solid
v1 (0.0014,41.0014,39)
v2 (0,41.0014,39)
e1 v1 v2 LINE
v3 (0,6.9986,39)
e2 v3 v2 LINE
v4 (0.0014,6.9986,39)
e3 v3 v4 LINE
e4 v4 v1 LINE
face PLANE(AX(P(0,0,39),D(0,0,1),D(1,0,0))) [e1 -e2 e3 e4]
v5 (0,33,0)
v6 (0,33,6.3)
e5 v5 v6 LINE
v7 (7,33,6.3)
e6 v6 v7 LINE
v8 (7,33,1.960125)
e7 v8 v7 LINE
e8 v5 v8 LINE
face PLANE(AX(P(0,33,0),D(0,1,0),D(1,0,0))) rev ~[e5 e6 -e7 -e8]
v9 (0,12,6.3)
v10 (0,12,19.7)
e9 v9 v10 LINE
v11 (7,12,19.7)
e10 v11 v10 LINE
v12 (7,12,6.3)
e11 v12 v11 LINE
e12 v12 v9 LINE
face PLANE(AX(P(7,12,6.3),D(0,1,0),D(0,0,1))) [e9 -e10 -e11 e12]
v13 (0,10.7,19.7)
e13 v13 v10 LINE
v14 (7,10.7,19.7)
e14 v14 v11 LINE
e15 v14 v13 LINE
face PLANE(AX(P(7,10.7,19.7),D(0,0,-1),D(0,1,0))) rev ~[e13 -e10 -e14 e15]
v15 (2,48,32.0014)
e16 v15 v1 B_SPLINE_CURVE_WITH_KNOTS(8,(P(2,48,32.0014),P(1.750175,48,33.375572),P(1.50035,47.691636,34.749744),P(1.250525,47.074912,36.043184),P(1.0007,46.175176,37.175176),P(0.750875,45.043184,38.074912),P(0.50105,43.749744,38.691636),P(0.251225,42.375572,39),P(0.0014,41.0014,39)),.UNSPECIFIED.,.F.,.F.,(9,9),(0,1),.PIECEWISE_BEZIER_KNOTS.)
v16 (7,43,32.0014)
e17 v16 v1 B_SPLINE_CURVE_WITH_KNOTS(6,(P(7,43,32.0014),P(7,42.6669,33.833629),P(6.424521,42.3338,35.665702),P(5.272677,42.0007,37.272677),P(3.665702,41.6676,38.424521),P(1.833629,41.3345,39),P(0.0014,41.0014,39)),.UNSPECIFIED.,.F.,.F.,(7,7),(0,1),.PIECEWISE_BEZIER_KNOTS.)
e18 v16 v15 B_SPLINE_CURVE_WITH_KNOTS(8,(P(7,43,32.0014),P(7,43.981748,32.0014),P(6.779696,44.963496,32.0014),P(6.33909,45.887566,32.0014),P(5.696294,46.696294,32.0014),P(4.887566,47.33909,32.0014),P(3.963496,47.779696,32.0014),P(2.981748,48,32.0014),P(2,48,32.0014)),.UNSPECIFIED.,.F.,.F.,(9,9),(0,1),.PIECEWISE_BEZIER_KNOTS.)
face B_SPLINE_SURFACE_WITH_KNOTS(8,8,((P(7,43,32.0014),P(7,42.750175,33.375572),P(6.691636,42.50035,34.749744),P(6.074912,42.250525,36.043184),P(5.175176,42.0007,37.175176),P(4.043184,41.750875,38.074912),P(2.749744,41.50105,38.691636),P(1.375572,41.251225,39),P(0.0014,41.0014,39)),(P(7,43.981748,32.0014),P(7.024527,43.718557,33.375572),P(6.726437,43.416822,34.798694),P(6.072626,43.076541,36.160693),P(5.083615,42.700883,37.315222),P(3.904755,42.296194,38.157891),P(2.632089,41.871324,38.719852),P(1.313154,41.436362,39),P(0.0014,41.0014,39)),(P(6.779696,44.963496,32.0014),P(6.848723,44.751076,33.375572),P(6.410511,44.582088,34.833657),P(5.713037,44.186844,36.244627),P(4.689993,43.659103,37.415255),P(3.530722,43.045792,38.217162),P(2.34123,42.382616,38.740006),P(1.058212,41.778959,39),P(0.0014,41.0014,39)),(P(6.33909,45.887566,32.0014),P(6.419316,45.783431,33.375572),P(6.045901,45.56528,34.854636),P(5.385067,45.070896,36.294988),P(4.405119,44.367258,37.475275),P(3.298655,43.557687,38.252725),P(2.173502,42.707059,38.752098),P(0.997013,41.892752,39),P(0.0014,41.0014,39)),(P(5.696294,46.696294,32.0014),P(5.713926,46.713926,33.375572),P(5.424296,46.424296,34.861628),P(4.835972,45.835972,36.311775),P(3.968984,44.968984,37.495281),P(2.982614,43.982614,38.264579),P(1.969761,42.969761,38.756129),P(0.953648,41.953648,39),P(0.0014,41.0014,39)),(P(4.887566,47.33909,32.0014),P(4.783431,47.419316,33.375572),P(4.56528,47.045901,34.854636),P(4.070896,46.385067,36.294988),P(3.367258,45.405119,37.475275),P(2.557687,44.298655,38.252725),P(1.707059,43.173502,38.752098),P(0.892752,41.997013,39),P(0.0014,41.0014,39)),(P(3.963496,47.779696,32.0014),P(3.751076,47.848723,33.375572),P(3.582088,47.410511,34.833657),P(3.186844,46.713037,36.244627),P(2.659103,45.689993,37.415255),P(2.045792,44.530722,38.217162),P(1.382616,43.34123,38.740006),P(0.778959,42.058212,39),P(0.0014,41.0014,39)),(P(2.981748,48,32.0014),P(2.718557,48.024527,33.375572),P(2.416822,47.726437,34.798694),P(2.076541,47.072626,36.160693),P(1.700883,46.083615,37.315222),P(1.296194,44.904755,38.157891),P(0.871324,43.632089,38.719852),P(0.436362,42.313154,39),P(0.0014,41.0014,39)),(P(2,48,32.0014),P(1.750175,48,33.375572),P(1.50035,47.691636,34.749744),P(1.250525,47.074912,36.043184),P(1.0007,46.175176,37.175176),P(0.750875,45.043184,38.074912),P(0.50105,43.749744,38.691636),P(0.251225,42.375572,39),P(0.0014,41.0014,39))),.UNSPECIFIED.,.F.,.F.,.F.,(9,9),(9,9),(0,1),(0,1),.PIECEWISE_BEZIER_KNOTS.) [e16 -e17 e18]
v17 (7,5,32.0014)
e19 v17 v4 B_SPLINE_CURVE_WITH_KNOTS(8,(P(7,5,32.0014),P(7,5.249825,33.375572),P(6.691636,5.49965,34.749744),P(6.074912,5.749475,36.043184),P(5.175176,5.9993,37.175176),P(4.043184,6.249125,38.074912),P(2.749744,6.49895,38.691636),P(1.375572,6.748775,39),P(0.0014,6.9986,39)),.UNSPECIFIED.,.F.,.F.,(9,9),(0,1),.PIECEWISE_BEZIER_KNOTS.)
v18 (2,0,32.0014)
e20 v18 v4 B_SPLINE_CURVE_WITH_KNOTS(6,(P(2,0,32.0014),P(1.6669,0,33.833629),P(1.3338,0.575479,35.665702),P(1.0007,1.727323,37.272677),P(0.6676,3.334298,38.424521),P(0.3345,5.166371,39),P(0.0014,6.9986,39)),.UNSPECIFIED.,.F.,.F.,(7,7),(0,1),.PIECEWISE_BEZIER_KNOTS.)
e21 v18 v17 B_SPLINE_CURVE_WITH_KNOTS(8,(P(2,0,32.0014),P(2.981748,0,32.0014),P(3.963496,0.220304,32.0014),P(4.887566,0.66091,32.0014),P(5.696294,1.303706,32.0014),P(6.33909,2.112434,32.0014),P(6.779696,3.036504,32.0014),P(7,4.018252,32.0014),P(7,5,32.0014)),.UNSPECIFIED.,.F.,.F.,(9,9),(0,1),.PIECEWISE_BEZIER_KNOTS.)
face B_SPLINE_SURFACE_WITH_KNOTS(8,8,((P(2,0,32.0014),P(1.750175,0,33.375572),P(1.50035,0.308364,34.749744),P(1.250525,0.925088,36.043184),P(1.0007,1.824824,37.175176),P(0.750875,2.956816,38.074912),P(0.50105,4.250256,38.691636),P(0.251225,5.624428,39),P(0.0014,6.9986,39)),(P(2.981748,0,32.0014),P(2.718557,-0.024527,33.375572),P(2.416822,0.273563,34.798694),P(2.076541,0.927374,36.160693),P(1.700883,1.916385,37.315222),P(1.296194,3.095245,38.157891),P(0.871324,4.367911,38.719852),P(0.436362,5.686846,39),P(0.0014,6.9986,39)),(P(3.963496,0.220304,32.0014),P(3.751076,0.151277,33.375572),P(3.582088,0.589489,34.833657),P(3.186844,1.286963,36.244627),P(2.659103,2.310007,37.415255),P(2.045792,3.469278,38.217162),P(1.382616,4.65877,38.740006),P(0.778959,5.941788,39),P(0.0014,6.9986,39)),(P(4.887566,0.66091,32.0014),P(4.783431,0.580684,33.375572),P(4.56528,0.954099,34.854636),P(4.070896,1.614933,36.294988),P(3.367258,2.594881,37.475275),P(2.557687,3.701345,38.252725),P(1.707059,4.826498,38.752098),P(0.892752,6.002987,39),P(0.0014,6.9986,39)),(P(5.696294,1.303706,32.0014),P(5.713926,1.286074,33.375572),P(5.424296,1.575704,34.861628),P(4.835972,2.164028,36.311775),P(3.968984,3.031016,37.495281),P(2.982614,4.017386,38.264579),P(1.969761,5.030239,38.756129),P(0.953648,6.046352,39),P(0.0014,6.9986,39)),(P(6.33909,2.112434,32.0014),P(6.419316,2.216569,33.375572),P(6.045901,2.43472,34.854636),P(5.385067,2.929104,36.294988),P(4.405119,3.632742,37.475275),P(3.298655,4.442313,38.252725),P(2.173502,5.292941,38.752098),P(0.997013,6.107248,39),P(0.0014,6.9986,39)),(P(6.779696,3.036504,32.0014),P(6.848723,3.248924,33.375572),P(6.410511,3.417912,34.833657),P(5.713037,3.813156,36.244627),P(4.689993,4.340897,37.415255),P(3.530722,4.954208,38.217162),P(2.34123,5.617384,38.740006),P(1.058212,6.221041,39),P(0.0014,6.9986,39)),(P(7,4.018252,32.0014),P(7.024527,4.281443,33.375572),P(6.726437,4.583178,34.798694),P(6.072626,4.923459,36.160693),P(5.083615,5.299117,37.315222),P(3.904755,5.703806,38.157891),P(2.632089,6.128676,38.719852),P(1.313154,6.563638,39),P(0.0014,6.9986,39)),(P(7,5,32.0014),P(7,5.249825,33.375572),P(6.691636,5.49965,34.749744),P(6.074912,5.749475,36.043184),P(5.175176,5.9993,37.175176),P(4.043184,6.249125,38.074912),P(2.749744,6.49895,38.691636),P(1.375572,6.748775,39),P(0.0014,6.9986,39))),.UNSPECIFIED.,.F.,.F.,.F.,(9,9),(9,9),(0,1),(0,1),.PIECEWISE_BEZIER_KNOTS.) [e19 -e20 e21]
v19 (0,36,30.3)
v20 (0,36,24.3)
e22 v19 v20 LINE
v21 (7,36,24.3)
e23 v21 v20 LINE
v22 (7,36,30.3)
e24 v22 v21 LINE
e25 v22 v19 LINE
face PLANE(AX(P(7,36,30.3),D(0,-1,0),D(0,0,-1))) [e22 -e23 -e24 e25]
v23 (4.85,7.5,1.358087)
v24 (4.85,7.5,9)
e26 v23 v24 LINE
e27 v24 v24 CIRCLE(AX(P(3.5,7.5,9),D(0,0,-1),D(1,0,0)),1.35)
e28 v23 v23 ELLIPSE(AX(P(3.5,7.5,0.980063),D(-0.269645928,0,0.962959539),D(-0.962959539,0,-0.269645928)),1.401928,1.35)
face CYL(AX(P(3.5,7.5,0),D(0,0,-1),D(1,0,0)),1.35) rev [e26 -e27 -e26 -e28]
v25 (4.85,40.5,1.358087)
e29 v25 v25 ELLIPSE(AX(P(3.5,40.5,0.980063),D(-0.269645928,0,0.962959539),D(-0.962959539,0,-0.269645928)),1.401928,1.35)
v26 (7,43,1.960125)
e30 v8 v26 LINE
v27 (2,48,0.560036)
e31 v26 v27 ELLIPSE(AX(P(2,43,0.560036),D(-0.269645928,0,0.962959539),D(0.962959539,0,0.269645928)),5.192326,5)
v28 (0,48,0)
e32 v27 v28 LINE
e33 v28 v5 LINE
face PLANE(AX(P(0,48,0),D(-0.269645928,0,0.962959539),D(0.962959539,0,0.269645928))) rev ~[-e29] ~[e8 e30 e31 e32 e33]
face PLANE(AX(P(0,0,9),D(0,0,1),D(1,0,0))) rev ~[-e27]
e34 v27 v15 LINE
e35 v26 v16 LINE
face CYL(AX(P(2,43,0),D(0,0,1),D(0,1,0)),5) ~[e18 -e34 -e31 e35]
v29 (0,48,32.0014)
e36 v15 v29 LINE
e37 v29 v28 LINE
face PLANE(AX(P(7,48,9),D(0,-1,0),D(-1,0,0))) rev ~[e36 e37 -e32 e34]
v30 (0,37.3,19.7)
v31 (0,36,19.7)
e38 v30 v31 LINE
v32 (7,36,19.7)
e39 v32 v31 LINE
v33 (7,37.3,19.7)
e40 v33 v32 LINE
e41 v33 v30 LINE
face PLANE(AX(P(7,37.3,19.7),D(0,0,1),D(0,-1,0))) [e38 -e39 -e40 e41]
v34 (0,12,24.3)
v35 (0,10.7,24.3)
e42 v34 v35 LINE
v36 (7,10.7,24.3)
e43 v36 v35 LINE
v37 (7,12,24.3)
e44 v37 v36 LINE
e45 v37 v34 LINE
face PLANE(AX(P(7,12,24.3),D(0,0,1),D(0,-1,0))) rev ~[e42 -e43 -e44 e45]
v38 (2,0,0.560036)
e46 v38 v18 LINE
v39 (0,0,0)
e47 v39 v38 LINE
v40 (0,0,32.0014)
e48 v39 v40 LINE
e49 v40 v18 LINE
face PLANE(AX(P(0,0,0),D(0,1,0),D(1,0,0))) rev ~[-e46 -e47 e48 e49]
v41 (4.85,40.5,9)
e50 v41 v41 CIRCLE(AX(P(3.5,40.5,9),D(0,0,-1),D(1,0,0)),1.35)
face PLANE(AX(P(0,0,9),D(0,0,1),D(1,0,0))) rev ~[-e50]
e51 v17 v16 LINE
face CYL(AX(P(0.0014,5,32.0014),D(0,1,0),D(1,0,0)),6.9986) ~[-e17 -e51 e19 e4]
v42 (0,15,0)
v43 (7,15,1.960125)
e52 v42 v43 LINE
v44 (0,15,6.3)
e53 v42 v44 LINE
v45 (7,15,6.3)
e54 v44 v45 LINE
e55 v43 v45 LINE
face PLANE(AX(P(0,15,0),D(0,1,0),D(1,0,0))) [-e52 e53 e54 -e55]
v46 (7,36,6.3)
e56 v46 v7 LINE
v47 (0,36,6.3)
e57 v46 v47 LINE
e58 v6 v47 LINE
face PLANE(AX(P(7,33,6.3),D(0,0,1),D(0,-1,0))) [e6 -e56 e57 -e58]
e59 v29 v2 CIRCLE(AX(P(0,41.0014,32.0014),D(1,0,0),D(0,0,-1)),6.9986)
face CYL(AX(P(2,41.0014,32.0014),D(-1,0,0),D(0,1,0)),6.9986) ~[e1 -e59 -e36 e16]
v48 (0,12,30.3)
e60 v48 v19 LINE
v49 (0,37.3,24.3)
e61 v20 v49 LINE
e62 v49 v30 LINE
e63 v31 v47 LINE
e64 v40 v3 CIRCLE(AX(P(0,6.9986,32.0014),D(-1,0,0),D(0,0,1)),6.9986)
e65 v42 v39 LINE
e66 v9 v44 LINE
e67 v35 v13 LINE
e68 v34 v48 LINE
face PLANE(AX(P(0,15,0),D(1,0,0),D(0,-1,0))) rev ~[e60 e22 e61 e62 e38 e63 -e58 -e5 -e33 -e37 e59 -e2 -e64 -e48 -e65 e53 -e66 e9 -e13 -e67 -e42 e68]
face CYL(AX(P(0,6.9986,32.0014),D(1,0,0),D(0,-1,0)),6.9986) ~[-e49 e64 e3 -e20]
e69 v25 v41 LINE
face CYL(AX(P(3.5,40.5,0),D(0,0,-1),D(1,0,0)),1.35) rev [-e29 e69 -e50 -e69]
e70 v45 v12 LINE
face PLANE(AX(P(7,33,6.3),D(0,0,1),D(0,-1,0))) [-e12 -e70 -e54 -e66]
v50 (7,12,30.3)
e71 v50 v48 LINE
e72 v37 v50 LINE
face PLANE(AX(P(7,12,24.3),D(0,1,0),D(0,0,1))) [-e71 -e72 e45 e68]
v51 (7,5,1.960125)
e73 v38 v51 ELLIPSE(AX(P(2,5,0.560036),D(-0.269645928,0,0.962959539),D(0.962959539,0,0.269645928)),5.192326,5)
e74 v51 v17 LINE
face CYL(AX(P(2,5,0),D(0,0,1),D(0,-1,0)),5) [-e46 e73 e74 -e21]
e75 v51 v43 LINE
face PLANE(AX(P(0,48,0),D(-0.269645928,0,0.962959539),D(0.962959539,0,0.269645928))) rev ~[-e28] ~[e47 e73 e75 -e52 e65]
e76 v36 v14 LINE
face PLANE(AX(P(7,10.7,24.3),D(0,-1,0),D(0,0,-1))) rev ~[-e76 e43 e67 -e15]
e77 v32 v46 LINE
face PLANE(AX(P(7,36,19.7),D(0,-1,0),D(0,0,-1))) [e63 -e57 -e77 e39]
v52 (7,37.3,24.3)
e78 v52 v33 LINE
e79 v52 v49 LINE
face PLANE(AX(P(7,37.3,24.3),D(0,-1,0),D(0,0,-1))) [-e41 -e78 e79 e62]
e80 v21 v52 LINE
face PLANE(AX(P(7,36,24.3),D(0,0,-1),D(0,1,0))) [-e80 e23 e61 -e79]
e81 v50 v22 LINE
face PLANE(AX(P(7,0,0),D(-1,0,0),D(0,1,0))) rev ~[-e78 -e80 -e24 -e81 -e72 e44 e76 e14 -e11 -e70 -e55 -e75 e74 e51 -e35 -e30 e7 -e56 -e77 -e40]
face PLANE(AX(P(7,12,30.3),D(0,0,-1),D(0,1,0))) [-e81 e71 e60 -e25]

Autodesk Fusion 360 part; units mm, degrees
sketch "Sketch1" plane through (0, 0, 0) normal (0, 0, 1) x (1, 0, 0)
  line L0 (0, 0) -> (7, 0)
  line L1 (7, 0) -> (7, 48)
  line L2 (7, 48) -> (0, 48)
  line L3 (0, 48) -> (0, 0)
  circle A0 centre (3.5, 40.5) radius 1.35
  circle A1 centre (3.5, 7.5) radius 1.35
  line L4 (0, 33) -> (7, 33)
  line L5 (0, 15) -> (7, 15)
  dimension "d1" = 7
  dimension "d2" = 48
  dimension "d3" = 2.7
  dimension "d4" = 2.7
  dimension "d5" = 3.5
  dimension "d6" = 3.5
  dimension "d7" = 33
  dimension "d8" = 7.5
  dimension "d9" = 15
  dimension "d10" = 15
extrude "Extrude1" add sketch "Sketch1" along normal blind 13 contours L0 L1 L3 L5 | L1 L2 L3 L4 makes body 1 at (0, 10, 4.3333) makes body 2 at (0, 43, 4.3333)
extrude "Extrude2" add sketch "Sketch1" along normal blind 30 from surface at 9 contours L0 L1 L3 L5 | L1 L3 L4 L5 | L1 L2 L3 L4 | A0 | A1 bodies 1 2
sketch "Sketch2" plane through (7, 0, 0) normal (1, 0, 0) x (0, 1, 0)
  line L0 (33, 0) -> (48, 0)
  line L1 (48, 0) -> (48, 39)
  line L2 (48, 39) -> (0, 39)
  line L3 (0, 39) -> (0, 0)
  line L4 (0, 0) -> (15, 0)
  line L5 (15, 0) -> (15, 9)
  line L6 (15, 9) -> (33, 9)
  line L7 (33, 9) -> (33, 0)
  line L8 (12, 30.3) -> (36, 30.3)
  line L9 (36, 30.3) -> (36, 6.3)
  line L10 (36, 6.3) -> (12, 6.3)
  line L11 (12, 6.3) -> (12, 30.3)
  line L12 (0, 0) -> (48, 0)
  line L13 (12, 24.3) -> (10.7, 24.3)
  line L14 (10.7, 24.3) -> (10.7, 19.7)
  line L15 (10.7, 19.7) -> (12, 19.7)
  line L16 (12, 19.7) -> (12, 24.3)
  line L17 (36, 24.3) -> (37.3, 24.3)
  line L18 (37.3, 24.3) -> (37.3, 19.7)
  line L19 (37.3, 19.7) -> (36, 19.7)
  line L20 (36, 19.7) -> (36, 24.3)
  dimension "d18" = 24
  dimension "d19" = 24
  dimension "d20" = 12
  dimension "d22" = 6.3
  dimension "d31" = 6
  dimension "d32" = 6
  dimension "d33" = 4.6
  dimension "d34" = 4.6
  dimension "d35" = 1.3
  dimension "d36" = 1.3
extrude "Extrude3" cut sketch "Sketch2" against normal blind 7 contours L5 L6 L7 L10 | L5 L6 L7 L8 L9 L10 L11 L16 L20 | L9 L17 L18 L19 L20 | L11 L13 L14 L15 L16 bodies 1
fillet "Fillet3" radius 5 2 edges at (7, 48, 19.5) (7, 0, 19.5) on bodies 1
sketch "Sketch3" plane through (0, 48, 0) normal (0, 1, 0) x (-1, 0, 0)
  line L0 (-2, 39) -> (-2, 0)
  line L1 (-2, 0) -> (0, 0)
  line L2 (0, 0) -> (0, 39)
  line L3 (0, 0) -> (-7.1424, 2)
  line L4 (-7.1424, 2) -> (-7.1424, 0)
  line L5 (-7.1424, 0) -> (0, 0)
  line L6 (0, 39) -> (-2, 39)
  dimension "d39" = 2
fillet "Fillet4" radius 7 5 edges at (1, 0, 39) (5.5355, 1.4645, 39) (7, 24, 39) (5.5355, 46.5355, 39) (1, 48, 39) on bodies 1
extrude "Extrude4" cut sketch "Sketch3" against normal blind 50 contours L0 L1 L3 L5 | L0 L3 L4 L5 bodies 1
fillet "Fillet2" [suppressed]
equation "d14 = 28.00 mm + 2 mm"
